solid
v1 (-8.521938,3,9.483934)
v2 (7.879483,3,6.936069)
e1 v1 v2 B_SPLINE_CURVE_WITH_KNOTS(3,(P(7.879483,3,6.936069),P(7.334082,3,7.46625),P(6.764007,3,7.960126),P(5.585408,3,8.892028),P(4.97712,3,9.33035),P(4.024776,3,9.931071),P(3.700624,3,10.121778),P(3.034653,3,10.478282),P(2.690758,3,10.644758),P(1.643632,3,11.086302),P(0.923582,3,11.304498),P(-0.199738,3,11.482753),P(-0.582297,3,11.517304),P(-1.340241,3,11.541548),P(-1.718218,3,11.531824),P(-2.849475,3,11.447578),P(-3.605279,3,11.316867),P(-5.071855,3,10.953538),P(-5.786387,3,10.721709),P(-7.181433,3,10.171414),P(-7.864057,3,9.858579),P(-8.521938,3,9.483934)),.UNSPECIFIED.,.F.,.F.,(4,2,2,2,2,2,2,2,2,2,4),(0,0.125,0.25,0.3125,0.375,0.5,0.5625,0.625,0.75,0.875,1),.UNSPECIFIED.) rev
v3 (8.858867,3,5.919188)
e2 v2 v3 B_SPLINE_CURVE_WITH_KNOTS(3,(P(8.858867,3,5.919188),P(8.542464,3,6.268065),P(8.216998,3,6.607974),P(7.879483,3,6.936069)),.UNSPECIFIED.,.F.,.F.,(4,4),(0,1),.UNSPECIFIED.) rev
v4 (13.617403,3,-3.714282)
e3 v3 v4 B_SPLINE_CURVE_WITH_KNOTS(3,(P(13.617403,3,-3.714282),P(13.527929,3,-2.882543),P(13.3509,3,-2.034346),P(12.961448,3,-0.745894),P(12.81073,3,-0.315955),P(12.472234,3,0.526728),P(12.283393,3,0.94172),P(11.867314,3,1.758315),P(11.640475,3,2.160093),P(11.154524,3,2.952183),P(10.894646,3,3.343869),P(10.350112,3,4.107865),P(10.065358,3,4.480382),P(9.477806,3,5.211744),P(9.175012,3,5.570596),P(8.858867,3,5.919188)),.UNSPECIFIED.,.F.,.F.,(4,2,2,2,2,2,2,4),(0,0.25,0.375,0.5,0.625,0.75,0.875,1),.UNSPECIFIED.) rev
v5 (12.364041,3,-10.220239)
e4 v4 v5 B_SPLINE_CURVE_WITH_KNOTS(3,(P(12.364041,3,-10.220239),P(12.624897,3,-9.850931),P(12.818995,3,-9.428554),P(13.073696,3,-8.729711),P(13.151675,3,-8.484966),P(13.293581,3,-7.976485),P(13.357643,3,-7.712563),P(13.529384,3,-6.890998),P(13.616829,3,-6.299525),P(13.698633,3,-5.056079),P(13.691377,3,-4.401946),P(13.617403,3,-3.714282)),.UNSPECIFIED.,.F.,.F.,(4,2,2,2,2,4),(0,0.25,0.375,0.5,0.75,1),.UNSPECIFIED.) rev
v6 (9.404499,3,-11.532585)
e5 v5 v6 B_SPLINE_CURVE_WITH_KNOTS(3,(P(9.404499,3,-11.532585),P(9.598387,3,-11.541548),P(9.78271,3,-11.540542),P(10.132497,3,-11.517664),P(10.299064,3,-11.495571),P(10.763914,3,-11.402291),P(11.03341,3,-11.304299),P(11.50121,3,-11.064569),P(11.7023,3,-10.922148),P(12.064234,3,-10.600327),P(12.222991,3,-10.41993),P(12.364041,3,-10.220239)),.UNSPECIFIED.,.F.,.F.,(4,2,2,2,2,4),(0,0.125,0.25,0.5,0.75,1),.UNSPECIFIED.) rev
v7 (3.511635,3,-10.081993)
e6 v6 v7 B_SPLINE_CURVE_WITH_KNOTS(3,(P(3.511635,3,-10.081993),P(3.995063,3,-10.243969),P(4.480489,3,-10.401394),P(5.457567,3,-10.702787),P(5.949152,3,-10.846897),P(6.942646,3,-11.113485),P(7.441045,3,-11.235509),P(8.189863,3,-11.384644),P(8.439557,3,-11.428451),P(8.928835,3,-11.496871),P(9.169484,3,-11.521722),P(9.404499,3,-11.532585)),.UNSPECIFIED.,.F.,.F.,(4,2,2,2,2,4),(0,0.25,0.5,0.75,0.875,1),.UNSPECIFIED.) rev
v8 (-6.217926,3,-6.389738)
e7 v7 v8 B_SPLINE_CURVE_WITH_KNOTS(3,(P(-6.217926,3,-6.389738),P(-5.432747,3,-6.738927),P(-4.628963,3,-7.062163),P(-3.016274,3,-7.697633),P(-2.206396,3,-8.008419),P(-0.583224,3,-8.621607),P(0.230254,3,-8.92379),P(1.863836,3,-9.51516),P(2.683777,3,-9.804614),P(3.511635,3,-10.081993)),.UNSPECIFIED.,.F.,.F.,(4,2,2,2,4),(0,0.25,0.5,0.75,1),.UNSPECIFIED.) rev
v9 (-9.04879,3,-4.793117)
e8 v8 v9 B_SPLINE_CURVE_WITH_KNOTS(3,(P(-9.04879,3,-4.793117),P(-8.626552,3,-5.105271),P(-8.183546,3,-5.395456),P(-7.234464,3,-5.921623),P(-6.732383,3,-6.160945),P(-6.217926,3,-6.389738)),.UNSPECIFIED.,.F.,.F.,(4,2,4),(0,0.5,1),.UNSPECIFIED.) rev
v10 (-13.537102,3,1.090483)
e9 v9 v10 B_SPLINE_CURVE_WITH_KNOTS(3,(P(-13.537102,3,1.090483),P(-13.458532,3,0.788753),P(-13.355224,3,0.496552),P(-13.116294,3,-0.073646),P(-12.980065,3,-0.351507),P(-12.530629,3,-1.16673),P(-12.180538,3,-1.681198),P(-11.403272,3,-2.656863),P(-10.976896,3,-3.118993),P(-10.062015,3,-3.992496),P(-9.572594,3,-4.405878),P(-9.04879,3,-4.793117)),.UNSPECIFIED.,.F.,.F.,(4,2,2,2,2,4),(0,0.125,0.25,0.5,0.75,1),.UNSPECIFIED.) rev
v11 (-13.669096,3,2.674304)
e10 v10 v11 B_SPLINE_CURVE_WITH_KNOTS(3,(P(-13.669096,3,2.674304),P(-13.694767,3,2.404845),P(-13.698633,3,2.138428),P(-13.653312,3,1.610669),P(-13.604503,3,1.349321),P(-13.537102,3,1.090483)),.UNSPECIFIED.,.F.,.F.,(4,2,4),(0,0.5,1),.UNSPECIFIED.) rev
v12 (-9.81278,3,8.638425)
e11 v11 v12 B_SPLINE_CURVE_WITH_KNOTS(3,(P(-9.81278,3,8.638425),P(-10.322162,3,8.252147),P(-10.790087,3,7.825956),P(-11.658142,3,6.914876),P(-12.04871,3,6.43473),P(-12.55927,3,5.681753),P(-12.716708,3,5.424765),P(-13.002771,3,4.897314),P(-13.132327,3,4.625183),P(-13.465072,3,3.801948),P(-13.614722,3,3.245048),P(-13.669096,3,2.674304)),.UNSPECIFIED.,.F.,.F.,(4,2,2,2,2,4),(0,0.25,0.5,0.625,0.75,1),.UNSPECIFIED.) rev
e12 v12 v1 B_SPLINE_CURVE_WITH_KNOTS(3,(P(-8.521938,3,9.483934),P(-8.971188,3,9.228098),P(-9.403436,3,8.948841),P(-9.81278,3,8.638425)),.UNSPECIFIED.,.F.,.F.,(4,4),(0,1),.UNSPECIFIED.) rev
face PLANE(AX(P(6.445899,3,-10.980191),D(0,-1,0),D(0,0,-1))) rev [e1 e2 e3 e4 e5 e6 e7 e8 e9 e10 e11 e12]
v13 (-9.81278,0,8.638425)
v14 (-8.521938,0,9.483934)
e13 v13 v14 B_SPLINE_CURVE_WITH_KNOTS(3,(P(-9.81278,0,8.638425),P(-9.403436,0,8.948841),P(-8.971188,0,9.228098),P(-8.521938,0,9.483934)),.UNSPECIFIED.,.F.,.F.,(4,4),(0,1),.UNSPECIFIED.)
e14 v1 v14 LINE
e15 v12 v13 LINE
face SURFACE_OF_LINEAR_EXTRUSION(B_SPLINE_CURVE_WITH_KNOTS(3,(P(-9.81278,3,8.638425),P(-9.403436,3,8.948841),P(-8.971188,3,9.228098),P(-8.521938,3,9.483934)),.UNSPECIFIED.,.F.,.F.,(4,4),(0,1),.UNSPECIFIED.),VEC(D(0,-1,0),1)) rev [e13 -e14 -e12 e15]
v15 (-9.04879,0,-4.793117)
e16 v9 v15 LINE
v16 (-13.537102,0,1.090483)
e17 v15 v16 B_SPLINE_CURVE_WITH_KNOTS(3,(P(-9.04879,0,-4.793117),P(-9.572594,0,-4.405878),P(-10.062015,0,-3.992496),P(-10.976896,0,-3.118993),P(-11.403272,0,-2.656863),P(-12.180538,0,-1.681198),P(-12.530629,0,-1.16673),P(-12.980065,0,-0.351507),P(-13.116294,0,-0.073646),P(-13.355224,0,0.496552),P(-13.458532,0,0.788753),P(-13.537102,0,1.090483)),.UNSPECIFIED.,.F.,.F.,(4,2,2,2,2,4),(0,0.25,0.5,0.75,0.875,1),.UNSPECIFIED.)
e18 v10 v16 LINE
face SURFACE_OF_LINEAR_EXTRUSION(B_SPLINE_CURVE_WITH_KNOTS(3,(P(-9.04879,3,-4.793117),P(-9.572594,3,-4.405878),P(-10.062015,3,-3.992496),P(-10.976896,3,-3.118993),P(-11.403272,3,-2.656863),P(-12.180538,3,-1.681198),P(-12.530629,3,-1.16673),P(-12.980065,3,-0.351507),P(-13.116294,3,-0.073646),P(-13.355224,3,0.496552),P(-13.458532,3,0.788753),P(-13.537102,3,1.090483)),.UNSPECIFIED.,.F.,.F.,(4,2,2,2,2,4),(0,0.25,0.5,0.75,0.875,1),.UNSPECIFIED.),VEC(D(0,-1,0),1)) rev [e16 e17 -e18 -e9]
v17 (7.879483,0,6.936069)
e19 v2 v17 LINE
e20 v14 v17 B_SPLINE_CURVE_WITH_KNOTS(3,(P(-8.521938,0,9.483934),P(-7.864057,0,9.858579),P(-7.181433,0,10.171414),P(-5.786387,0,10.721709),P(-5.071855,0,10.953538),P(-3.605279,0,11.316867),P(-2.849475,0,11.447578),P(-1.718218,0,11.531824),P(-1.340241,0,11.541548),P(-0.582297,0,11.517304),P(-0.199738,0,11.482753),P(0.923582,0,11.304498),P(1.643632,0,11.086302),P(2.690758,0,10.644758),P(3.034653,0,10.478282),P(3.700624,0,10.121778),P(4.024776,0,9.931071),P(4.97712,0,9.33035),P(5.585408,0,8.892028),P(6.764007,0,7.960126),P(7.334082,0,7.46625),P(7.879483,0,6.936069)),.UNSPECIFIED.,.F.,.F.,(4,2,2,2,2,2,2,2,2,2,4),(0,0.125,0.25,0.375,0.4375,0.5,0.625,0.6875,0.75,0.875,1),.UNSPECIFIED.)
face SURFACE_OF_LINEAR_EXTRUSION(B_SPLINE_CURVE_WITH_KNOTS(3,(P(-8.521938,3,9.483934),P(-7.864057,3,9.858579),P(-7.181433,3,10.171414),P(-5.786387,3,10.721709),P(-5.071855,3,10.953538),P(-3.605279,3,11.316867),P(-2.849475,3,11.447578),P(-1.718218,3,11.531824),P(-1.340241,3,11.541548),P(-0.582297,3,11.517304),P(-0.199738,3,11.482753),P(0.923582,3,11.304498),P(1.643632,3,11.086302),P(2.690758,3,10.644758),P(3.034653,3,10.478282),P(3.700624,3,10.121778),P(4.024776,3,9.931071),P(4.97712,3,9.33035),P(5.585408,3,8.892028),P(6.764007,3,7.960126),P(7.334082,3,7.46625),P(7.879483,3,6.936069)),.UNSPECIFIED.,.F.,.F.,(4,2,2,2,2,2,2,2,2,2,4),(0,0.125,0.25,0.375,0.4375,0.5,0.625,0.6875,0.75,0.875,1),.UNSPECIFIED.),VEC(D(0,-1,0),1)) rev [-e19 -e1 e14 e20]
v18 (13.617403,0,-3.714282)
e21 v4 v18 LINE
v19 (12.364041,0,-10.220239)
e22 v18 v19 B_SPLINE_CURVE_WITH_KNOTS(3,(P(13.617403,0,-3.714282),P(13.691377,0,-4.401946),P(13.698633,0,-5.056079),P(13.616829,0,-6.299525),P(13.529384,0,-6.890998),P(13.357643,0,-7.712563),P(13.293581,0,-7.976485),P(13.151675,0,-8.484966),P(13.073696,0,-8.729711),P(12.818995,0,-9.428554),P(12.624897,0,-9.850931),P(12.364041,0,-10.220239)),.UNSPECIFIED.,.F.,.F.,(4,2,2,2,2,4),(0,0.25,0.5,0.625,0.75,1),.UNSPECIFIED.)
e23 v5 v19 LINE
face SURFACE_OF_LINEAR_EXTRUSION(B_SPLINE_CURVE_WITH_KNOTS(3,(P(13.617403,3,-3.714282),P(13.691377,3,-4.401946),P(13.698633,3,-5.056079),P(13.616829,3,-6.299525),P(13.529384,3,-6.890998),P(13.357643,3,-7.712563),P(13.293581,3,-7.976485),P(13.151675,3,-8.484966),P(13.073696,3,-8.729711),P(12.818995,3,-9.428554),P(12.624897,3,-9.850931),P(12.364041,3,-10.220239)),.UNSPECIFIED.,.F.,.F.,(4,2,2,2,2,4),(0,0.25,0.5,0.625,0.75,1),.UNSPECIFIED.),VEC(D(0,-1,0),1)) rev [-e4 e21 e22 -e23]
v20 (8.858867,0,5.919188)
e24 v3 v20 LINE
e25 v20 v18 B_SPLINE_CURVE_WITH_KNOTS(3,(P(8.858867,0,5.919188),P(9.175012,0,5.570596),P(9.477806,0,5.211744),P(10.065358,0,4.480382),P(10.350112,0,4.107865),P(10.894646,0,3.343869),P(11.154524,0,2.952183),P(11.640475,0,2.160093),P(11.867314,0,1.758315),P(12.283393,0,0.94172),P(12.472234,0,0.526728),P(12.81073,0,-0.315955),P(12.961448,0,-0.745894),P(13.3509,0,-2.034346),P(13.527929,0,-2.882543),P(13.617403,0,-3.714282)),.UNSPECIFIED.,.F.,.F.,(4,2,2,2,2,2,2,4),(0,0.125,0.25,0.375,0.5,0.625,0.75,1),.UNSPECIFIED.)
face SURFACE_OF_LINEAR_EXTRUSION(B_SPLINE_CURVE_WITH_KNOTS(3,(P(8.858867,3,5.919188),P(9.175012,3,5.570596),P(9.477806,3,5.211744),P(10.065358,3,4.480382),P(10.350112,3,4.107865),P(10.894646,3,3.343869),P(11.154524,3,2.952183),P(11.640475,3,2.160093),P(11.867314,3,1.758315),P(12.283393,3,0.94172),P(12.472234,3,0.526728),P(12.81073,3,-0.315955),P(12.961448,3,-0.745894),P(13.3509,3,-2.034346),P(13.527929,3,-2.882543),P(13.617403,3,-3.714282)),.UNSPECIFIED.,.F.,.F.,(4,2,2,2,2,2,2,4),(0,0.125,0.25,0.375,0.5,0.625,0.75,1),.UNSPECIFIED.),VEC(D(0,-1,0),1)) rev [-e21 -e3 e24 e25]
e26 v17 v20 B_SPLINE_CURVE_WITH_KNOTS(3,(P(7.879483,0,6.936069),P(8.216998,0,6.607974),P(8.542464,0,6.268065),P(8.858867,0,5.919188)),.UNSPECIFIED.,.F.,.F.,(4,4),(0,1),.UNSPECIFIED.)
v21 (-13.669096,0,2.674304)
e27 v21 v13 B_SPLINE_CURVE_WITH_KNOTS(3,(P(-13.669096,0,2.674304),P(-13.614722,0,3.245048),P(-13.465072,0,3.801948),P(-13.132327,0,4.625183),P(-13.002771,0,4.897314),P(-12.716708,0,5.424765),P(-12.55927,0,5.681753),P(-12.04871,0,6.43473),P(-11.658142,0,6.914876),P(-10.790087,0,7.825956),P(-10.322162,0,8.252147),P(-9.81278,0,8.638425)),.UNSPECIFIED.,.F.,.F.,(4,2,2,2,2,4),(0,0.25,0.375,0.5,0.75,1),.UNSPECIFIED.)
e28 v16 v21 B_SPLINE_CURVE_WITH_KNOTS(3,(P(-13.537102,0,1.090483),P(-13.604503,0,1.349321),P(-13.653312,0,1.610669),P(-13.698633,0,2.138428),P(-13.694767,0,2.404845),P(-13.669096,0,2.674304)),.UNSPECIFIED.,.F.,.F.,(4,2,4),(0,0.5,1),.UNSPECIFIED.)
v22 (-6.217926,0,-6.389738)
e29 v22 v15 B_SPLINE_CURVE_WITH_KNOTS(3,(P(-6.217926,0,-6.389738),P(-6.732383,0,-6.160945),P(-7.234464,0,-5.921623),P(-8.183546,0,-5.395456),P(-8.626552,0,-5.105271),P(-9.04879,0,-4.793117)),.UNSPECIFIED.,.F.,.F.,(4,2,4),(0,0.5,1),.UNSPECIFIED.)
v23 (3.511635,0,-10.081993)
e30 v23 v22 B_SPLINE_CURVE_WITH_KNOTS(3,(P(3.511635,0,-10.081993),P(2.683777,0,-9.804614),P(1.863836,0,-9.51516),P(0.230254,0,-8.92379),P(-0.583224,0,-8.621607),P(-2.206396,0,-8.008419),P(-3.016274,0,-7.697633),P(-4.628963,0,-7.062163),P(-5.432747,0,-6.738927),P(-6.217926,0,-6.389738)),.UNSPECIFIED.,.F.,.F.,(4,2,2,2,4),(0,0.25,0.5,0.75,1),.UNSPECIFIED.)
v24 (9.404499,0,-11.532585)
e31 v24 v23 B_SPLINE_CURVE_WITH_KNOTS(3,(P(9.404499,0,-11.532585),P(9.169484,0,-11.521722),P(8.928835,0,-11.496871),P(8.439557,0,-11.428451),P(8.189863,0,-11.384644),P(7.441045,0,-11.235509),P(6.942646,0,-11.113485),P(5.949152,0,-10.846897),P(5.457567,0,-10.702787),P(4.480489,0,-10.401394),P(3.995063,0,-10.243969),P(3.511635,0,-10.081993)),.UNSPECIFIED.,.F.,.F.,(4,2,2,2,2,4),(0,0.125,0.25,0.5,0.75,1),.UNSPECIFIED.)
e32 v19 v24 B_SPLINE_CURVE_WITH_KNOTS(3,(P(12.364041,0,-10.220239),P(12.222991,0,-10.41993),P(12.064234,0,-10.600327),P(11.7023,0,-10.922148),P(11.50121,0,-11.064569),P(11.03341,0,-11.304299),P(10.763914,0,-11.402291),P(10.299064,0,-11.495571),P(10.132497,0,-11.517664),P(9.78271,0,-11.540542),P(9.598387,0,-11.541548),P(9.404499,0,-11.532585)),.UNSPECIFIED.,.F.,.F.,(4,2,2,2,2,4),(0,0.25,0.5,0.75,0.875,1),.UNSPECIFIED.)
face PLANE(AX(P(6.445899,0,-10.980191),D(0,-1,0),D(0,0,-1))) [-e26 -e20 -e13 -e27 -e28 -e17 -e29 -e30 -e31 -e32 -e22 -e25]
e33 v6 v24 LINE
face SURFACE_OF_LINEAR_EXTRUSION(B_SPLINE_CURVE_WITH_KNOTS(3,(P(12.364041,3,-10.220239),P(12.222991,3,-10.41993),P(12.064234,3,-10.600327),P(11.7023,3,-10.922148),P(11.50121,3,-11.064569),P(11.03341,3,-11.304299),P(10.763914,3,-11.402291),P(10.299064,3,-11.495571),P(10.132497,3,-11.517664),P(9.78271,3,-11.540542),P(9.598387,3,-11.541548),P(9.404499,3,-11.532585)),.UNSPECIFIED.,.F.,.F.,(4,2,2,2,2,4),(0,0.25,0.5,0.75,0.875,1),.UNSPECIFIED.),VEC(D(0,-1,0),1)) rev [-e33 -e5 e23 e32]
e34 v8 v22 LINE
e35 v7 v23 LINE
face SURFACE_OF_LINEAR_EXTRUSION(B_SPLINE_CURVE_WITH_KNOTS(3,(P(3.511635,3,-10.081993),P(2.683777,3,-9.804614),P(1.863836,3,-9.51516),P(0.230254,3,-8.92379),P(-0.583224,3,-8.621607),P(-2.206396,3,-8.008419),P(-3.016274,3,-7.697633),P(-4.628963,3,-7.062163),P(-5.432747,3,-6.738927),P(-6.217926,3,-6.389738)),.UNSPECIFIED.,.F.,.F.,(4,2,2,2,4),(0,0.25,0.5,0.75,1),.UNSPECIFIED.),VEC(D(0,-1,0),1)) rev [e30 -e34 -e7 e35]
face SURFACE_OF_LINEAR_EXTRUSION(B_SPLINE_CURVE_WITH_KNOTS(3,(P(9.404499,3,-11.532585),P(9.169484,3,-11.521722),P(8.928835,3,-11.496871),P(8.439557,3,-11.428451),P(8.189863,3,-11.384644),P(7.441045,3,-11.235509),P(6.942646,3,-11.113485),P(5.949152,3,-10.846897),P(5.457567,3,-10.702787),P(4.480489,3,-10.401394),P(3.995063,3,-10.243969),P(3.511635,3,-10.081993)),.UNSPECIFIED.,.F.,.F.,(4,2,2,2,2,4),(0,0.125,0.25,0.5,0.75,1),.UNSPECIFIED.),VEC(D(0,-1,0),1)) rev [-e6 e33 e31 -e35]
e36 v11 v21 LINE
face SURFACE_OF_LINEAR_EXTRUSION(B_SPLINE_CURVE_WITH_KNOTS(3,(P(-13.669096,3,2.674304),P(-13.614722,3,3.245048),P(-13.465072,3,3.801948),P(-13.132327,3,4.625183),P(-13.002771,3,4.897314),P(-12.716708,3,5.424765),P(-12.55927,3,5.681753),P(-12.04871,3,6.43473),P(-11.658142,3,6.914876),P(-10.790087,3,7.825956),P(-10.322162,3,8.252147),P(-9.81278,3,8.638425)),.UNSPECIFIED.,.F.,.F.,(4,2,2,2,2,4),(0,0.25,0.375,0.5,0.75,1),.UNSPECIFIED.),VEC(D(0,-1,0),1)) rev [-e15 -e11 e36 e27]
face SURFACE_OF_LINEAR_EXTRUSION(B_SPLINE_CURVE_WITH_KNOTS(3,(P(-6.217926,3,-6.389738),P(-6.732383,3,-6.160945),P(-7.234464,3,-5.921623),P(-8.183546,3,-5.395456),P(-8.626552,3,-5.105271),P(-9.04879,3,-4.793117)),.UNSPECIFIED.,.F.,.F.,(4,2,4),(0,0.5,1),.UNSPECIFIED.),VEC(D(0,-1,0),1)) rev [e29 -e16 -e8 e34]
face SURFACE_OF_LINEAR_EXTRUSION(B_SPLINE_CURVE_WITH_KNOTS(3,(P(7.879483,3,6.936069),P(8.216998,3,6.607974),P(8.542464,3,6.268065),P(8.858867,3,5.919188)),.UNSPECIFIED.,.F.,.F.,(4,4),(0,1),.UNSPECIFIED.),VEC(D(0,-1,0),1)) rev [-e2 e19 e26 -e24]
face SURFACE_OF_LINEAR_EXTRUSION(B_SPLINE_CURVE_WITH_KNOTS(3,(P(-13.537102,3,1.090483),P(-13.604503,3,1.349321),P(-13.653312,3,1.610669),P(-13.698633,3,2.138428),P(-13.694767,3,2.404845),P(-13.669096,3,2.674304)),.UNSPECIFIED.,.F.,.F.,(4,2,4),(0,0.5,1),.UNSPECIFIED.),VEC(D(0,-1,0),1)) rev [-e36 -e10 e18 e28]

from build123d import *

# Parameters (mm, degrees)
BOSS_EXTRUDE1_DEPTH = 3


with BuildPart() as part:
    # Sketch1 → Boss-Extrude1 (new body)
    with BuildSketch(Plane(origin=(0, 0, 0), x_dir=(1, 0, 0), z_dir=(0, 1, 0))):
        with BuildLine():
            add(Edge.make_bspline(
                [(3.511635356, 10.081993119), (2.683777353, 9.804613769), (1.863835552, 9.515160329), (0.230253693, 8.923789795), (-0.583224169, 8.621607026), (-2.206396034, 8.008419395), (-3.016273743, 7.697632699), (-4.628962954, 7.062163318), (-5.432747453, 6.738927399), (-6.217926269, 6.389737786)],
                knots=[0, 0, 0, 0, 0.25, 0.25, 0.5, 0.5, 0.75, 0.75, 1, 1, 1, 1], degree=3))
            add(Edge.make_bspline(
                [(-6.217926269, 6.389737786), (-6.732382818, 6.160945466), (-7.234463683, 5.921622924), (-8.183546206, 5.395455991), (-8.62655194, 5.105271334), (-9.048790314, 4.793117258)],
                knots=[0, 0, 0, 0, 0.5, 0.5, 1, 1, 1, 1], degree=3))
            add(Edge.make_bspline(
                [(-9.048790314, 4.793117258), (-9.572593815, 4.405877707), (-10.062014593, 3.992496155), (-10.976896057, 3.118992822), (-11.403271889, 2.656862502), (-12.180538449, 1.681198167), (-12.530629341, 1.166730201), (-12.980065384, 0.35150706), (-13.116293965, 0.073646384), (-13.355224075, -0.496551983), (-13.458532141, -0.788753111), (-13.537102217, -1.090483077)],
                knots=[0, 0, 0, 0, 0.25, 0.25, 0.5, 0.5, 0.75, 0.75, 0.875, 0.875, 1, 1, 1, 1], degree=3))
            add(Edge.make_bspline(
                [(-13.537102217, -1.090483077), (-13.604503338, -1.349321289), (-13.653312348, -1.610669429), (-13.698633086, -2.138427716), (-13.694766801, -2.404844782), (-13.669095991, -2.674304123)],
                knots=[0, 0, 0, 0, 0.5, 0.5, 1, 1, 1, 1], degree=3))
            add(Edge.make_bspline(
                [(-13.669095991, -2.674304123), (-13.614722473, -3.245047791), (-13.465072102, -3.801947796), (-13.132326792, -4.625182726), (-13.002771048, -4.897314181), (-12.716708149, -5.424764734), (-12.559270118, -5.681752652), (-12.048709516, -6.434729828), (-11.658142434, -6.914875797), (-10.790086717, -7.825956127), (-10.322161831, -8.25214747), (-9.812779765, -8.638425305)],
                knots=[0, 0, 0, 0, 0.25, 0.25, 0.375, 0.375, 0.5, 0.5, 0.75, 0.75, 1, 1, 1, 1], degree=3))
            add(Edge.make_bspline(
                [(-9.812779765, -8.638425305), (-9.403436257, -8.948841266), (-8.971187665, -9.228098087), (-8.521937596, -9.483933618)],
                knots=[0, 0, 0, 0, 1, 1, 1, 1], degree=3))
            add(Edge.make_bspline(
                [(-8.521937596, -9.483933618), (-7.864056683, -9.858578664), (-7.181432561, -10.171414143), (-5.786386578, -10.721708644), (-5.071855435, -10.953537662), (-3.605278886, -11.316866624), (-2.849475349, -11.447578253), (-1.718218003, -11.531823729), (-1.340241234, -11.541547656), (-0.582297463, -11.517303504), (-0.199738299, -11.482752797), (0.923581709, -11.304498414), (1.643632235, -11.086301788), (2.690757822, -10.644758444), (3.034652799, -10.478281819), (3.700624052, -10.1217784), (4.024775954, -9.931071044), (4.9771204, -9.330350355), (5.585407915, -8.892027633), (6.764007092, -7.960126091), (7.334081995, -7.466250249), (7.879483115, -6.936069456)],
                knots=[0, 0, 0, 0, 0.125, 0.125, 0.25, 0.25, 0.375, 0.375, 0.4375, 0.4375, 0.5, 0.5, 0.625, 0.625, 0.6875, 0.6875, 0.75, 0.75, 0.875, 0.875, 1, 1, 1, 1], degree=3))
            add(Edge.make_bspline(
                [(7.879483115, -6.936069456), (8.216997631, -6.607973846), (8.542463761, -6.268065171), (8.858866967, -5.919188104)],
                knots=[0, 0, 0, 0, 1, 1, 1, 1], degree=3))
            add(Edge.make_bspline(
                [(8.858866967, -5.919188104), (9.175012004, -5.570595703), (9.477806426, -5.211744494), (10.065358345, -4.480382001), (10.350112437, -4.107864538), (10.894645503, -3.343868548), (11.154524274, -2.95218338), (11.640475107, -2.160093023), (11.86731411, -1.758315326), (12.283393308, -0.941720152), (12.472234213, -0.526728057), (12.810730036, 0.315954522), (12.961448028, 0.745894364), (13.350899666, 2.034345662), (13.527929446, 2.882543311), (13.617402736, 3.714282252)],
                knots=[0, 0, 0, 0, 0.125, 0.125, 0.25, 0.25, 0.375, 0.375, 0.5, 0.5, 0.625, 0.625, 0.75, 0.75, 1, 1, 1, 1], degree=3))
            add(Edge.make_bspline(
                [(13.617402736, 3.714282252), (13.691377316, 4.401946011), (13.698633086, 5.056078913), (13.616829268, 6.299524933), (13.529384348, 6.890998409), (13.357643315, 7.712563059), (13.293580729, 7.976485389), (13.151674811, 8.484965664), (13.073696018, 8.729711039), (12.81899484, 9.428553754), (12.624897402, 9.850930849), (12.364040978, 10.220238878)],
                knots=[0, 0, 0, 0, 0.25, 0.25, 0.5, 0.5, 0.625, 0.625, 0.75, 0.75, 1, 1, 1, 1], degree=3))
            add(Edge.make_bspline(
                [(12.364040978, 10.220238878), (12.222991155, 10.419930461), (12.064234022, 10.600326934), (11.702300167, 10.922147541), (11.501210244, 11.064568755), (11.03340954, 11.304299052), (10.763913917, 11.40229064), (10.299063941, 11.495570799), (10.132497423, 11.517663617), (9.782710311, 11.540541943), (9.598386895, 11.541547656), (9.40449869, 11.532585416)],
                knots=[0, 0, 0, 0, 0.25, 0.25, 0.5, 0.5, 0.75, 0.75, 0.875, 0.875, 1, 1, 1, 1], degree=3))
            add(Edge.make_bspline(
                [(9.40449869, 11.532585416), (9.16948443, 11.521722176), (8.928835043, 11.496870906), (8.439557197, 11.428451446), (8.189863163, 11.384644127), (7.441044897, 11.235508513), (6.942646329, 11.113484883), (5.949151517, 10.846896987), (5.457567258, 10.702786987), (4.480489333, 10.401394029), (3.995062888, 10.243968741), (3.511635356, 10.081993119)],
                knots=[0, 0, 0, 0, 0.125, 0.125, 0.25, 0.25, 0.5, 0.5, 0.75, 0.75, 1, 1, 1, 1], degree=3))
        make_face()
    extrude(amount=BOSS_EXTRUDE1_DEPTH)


solid = part.part
